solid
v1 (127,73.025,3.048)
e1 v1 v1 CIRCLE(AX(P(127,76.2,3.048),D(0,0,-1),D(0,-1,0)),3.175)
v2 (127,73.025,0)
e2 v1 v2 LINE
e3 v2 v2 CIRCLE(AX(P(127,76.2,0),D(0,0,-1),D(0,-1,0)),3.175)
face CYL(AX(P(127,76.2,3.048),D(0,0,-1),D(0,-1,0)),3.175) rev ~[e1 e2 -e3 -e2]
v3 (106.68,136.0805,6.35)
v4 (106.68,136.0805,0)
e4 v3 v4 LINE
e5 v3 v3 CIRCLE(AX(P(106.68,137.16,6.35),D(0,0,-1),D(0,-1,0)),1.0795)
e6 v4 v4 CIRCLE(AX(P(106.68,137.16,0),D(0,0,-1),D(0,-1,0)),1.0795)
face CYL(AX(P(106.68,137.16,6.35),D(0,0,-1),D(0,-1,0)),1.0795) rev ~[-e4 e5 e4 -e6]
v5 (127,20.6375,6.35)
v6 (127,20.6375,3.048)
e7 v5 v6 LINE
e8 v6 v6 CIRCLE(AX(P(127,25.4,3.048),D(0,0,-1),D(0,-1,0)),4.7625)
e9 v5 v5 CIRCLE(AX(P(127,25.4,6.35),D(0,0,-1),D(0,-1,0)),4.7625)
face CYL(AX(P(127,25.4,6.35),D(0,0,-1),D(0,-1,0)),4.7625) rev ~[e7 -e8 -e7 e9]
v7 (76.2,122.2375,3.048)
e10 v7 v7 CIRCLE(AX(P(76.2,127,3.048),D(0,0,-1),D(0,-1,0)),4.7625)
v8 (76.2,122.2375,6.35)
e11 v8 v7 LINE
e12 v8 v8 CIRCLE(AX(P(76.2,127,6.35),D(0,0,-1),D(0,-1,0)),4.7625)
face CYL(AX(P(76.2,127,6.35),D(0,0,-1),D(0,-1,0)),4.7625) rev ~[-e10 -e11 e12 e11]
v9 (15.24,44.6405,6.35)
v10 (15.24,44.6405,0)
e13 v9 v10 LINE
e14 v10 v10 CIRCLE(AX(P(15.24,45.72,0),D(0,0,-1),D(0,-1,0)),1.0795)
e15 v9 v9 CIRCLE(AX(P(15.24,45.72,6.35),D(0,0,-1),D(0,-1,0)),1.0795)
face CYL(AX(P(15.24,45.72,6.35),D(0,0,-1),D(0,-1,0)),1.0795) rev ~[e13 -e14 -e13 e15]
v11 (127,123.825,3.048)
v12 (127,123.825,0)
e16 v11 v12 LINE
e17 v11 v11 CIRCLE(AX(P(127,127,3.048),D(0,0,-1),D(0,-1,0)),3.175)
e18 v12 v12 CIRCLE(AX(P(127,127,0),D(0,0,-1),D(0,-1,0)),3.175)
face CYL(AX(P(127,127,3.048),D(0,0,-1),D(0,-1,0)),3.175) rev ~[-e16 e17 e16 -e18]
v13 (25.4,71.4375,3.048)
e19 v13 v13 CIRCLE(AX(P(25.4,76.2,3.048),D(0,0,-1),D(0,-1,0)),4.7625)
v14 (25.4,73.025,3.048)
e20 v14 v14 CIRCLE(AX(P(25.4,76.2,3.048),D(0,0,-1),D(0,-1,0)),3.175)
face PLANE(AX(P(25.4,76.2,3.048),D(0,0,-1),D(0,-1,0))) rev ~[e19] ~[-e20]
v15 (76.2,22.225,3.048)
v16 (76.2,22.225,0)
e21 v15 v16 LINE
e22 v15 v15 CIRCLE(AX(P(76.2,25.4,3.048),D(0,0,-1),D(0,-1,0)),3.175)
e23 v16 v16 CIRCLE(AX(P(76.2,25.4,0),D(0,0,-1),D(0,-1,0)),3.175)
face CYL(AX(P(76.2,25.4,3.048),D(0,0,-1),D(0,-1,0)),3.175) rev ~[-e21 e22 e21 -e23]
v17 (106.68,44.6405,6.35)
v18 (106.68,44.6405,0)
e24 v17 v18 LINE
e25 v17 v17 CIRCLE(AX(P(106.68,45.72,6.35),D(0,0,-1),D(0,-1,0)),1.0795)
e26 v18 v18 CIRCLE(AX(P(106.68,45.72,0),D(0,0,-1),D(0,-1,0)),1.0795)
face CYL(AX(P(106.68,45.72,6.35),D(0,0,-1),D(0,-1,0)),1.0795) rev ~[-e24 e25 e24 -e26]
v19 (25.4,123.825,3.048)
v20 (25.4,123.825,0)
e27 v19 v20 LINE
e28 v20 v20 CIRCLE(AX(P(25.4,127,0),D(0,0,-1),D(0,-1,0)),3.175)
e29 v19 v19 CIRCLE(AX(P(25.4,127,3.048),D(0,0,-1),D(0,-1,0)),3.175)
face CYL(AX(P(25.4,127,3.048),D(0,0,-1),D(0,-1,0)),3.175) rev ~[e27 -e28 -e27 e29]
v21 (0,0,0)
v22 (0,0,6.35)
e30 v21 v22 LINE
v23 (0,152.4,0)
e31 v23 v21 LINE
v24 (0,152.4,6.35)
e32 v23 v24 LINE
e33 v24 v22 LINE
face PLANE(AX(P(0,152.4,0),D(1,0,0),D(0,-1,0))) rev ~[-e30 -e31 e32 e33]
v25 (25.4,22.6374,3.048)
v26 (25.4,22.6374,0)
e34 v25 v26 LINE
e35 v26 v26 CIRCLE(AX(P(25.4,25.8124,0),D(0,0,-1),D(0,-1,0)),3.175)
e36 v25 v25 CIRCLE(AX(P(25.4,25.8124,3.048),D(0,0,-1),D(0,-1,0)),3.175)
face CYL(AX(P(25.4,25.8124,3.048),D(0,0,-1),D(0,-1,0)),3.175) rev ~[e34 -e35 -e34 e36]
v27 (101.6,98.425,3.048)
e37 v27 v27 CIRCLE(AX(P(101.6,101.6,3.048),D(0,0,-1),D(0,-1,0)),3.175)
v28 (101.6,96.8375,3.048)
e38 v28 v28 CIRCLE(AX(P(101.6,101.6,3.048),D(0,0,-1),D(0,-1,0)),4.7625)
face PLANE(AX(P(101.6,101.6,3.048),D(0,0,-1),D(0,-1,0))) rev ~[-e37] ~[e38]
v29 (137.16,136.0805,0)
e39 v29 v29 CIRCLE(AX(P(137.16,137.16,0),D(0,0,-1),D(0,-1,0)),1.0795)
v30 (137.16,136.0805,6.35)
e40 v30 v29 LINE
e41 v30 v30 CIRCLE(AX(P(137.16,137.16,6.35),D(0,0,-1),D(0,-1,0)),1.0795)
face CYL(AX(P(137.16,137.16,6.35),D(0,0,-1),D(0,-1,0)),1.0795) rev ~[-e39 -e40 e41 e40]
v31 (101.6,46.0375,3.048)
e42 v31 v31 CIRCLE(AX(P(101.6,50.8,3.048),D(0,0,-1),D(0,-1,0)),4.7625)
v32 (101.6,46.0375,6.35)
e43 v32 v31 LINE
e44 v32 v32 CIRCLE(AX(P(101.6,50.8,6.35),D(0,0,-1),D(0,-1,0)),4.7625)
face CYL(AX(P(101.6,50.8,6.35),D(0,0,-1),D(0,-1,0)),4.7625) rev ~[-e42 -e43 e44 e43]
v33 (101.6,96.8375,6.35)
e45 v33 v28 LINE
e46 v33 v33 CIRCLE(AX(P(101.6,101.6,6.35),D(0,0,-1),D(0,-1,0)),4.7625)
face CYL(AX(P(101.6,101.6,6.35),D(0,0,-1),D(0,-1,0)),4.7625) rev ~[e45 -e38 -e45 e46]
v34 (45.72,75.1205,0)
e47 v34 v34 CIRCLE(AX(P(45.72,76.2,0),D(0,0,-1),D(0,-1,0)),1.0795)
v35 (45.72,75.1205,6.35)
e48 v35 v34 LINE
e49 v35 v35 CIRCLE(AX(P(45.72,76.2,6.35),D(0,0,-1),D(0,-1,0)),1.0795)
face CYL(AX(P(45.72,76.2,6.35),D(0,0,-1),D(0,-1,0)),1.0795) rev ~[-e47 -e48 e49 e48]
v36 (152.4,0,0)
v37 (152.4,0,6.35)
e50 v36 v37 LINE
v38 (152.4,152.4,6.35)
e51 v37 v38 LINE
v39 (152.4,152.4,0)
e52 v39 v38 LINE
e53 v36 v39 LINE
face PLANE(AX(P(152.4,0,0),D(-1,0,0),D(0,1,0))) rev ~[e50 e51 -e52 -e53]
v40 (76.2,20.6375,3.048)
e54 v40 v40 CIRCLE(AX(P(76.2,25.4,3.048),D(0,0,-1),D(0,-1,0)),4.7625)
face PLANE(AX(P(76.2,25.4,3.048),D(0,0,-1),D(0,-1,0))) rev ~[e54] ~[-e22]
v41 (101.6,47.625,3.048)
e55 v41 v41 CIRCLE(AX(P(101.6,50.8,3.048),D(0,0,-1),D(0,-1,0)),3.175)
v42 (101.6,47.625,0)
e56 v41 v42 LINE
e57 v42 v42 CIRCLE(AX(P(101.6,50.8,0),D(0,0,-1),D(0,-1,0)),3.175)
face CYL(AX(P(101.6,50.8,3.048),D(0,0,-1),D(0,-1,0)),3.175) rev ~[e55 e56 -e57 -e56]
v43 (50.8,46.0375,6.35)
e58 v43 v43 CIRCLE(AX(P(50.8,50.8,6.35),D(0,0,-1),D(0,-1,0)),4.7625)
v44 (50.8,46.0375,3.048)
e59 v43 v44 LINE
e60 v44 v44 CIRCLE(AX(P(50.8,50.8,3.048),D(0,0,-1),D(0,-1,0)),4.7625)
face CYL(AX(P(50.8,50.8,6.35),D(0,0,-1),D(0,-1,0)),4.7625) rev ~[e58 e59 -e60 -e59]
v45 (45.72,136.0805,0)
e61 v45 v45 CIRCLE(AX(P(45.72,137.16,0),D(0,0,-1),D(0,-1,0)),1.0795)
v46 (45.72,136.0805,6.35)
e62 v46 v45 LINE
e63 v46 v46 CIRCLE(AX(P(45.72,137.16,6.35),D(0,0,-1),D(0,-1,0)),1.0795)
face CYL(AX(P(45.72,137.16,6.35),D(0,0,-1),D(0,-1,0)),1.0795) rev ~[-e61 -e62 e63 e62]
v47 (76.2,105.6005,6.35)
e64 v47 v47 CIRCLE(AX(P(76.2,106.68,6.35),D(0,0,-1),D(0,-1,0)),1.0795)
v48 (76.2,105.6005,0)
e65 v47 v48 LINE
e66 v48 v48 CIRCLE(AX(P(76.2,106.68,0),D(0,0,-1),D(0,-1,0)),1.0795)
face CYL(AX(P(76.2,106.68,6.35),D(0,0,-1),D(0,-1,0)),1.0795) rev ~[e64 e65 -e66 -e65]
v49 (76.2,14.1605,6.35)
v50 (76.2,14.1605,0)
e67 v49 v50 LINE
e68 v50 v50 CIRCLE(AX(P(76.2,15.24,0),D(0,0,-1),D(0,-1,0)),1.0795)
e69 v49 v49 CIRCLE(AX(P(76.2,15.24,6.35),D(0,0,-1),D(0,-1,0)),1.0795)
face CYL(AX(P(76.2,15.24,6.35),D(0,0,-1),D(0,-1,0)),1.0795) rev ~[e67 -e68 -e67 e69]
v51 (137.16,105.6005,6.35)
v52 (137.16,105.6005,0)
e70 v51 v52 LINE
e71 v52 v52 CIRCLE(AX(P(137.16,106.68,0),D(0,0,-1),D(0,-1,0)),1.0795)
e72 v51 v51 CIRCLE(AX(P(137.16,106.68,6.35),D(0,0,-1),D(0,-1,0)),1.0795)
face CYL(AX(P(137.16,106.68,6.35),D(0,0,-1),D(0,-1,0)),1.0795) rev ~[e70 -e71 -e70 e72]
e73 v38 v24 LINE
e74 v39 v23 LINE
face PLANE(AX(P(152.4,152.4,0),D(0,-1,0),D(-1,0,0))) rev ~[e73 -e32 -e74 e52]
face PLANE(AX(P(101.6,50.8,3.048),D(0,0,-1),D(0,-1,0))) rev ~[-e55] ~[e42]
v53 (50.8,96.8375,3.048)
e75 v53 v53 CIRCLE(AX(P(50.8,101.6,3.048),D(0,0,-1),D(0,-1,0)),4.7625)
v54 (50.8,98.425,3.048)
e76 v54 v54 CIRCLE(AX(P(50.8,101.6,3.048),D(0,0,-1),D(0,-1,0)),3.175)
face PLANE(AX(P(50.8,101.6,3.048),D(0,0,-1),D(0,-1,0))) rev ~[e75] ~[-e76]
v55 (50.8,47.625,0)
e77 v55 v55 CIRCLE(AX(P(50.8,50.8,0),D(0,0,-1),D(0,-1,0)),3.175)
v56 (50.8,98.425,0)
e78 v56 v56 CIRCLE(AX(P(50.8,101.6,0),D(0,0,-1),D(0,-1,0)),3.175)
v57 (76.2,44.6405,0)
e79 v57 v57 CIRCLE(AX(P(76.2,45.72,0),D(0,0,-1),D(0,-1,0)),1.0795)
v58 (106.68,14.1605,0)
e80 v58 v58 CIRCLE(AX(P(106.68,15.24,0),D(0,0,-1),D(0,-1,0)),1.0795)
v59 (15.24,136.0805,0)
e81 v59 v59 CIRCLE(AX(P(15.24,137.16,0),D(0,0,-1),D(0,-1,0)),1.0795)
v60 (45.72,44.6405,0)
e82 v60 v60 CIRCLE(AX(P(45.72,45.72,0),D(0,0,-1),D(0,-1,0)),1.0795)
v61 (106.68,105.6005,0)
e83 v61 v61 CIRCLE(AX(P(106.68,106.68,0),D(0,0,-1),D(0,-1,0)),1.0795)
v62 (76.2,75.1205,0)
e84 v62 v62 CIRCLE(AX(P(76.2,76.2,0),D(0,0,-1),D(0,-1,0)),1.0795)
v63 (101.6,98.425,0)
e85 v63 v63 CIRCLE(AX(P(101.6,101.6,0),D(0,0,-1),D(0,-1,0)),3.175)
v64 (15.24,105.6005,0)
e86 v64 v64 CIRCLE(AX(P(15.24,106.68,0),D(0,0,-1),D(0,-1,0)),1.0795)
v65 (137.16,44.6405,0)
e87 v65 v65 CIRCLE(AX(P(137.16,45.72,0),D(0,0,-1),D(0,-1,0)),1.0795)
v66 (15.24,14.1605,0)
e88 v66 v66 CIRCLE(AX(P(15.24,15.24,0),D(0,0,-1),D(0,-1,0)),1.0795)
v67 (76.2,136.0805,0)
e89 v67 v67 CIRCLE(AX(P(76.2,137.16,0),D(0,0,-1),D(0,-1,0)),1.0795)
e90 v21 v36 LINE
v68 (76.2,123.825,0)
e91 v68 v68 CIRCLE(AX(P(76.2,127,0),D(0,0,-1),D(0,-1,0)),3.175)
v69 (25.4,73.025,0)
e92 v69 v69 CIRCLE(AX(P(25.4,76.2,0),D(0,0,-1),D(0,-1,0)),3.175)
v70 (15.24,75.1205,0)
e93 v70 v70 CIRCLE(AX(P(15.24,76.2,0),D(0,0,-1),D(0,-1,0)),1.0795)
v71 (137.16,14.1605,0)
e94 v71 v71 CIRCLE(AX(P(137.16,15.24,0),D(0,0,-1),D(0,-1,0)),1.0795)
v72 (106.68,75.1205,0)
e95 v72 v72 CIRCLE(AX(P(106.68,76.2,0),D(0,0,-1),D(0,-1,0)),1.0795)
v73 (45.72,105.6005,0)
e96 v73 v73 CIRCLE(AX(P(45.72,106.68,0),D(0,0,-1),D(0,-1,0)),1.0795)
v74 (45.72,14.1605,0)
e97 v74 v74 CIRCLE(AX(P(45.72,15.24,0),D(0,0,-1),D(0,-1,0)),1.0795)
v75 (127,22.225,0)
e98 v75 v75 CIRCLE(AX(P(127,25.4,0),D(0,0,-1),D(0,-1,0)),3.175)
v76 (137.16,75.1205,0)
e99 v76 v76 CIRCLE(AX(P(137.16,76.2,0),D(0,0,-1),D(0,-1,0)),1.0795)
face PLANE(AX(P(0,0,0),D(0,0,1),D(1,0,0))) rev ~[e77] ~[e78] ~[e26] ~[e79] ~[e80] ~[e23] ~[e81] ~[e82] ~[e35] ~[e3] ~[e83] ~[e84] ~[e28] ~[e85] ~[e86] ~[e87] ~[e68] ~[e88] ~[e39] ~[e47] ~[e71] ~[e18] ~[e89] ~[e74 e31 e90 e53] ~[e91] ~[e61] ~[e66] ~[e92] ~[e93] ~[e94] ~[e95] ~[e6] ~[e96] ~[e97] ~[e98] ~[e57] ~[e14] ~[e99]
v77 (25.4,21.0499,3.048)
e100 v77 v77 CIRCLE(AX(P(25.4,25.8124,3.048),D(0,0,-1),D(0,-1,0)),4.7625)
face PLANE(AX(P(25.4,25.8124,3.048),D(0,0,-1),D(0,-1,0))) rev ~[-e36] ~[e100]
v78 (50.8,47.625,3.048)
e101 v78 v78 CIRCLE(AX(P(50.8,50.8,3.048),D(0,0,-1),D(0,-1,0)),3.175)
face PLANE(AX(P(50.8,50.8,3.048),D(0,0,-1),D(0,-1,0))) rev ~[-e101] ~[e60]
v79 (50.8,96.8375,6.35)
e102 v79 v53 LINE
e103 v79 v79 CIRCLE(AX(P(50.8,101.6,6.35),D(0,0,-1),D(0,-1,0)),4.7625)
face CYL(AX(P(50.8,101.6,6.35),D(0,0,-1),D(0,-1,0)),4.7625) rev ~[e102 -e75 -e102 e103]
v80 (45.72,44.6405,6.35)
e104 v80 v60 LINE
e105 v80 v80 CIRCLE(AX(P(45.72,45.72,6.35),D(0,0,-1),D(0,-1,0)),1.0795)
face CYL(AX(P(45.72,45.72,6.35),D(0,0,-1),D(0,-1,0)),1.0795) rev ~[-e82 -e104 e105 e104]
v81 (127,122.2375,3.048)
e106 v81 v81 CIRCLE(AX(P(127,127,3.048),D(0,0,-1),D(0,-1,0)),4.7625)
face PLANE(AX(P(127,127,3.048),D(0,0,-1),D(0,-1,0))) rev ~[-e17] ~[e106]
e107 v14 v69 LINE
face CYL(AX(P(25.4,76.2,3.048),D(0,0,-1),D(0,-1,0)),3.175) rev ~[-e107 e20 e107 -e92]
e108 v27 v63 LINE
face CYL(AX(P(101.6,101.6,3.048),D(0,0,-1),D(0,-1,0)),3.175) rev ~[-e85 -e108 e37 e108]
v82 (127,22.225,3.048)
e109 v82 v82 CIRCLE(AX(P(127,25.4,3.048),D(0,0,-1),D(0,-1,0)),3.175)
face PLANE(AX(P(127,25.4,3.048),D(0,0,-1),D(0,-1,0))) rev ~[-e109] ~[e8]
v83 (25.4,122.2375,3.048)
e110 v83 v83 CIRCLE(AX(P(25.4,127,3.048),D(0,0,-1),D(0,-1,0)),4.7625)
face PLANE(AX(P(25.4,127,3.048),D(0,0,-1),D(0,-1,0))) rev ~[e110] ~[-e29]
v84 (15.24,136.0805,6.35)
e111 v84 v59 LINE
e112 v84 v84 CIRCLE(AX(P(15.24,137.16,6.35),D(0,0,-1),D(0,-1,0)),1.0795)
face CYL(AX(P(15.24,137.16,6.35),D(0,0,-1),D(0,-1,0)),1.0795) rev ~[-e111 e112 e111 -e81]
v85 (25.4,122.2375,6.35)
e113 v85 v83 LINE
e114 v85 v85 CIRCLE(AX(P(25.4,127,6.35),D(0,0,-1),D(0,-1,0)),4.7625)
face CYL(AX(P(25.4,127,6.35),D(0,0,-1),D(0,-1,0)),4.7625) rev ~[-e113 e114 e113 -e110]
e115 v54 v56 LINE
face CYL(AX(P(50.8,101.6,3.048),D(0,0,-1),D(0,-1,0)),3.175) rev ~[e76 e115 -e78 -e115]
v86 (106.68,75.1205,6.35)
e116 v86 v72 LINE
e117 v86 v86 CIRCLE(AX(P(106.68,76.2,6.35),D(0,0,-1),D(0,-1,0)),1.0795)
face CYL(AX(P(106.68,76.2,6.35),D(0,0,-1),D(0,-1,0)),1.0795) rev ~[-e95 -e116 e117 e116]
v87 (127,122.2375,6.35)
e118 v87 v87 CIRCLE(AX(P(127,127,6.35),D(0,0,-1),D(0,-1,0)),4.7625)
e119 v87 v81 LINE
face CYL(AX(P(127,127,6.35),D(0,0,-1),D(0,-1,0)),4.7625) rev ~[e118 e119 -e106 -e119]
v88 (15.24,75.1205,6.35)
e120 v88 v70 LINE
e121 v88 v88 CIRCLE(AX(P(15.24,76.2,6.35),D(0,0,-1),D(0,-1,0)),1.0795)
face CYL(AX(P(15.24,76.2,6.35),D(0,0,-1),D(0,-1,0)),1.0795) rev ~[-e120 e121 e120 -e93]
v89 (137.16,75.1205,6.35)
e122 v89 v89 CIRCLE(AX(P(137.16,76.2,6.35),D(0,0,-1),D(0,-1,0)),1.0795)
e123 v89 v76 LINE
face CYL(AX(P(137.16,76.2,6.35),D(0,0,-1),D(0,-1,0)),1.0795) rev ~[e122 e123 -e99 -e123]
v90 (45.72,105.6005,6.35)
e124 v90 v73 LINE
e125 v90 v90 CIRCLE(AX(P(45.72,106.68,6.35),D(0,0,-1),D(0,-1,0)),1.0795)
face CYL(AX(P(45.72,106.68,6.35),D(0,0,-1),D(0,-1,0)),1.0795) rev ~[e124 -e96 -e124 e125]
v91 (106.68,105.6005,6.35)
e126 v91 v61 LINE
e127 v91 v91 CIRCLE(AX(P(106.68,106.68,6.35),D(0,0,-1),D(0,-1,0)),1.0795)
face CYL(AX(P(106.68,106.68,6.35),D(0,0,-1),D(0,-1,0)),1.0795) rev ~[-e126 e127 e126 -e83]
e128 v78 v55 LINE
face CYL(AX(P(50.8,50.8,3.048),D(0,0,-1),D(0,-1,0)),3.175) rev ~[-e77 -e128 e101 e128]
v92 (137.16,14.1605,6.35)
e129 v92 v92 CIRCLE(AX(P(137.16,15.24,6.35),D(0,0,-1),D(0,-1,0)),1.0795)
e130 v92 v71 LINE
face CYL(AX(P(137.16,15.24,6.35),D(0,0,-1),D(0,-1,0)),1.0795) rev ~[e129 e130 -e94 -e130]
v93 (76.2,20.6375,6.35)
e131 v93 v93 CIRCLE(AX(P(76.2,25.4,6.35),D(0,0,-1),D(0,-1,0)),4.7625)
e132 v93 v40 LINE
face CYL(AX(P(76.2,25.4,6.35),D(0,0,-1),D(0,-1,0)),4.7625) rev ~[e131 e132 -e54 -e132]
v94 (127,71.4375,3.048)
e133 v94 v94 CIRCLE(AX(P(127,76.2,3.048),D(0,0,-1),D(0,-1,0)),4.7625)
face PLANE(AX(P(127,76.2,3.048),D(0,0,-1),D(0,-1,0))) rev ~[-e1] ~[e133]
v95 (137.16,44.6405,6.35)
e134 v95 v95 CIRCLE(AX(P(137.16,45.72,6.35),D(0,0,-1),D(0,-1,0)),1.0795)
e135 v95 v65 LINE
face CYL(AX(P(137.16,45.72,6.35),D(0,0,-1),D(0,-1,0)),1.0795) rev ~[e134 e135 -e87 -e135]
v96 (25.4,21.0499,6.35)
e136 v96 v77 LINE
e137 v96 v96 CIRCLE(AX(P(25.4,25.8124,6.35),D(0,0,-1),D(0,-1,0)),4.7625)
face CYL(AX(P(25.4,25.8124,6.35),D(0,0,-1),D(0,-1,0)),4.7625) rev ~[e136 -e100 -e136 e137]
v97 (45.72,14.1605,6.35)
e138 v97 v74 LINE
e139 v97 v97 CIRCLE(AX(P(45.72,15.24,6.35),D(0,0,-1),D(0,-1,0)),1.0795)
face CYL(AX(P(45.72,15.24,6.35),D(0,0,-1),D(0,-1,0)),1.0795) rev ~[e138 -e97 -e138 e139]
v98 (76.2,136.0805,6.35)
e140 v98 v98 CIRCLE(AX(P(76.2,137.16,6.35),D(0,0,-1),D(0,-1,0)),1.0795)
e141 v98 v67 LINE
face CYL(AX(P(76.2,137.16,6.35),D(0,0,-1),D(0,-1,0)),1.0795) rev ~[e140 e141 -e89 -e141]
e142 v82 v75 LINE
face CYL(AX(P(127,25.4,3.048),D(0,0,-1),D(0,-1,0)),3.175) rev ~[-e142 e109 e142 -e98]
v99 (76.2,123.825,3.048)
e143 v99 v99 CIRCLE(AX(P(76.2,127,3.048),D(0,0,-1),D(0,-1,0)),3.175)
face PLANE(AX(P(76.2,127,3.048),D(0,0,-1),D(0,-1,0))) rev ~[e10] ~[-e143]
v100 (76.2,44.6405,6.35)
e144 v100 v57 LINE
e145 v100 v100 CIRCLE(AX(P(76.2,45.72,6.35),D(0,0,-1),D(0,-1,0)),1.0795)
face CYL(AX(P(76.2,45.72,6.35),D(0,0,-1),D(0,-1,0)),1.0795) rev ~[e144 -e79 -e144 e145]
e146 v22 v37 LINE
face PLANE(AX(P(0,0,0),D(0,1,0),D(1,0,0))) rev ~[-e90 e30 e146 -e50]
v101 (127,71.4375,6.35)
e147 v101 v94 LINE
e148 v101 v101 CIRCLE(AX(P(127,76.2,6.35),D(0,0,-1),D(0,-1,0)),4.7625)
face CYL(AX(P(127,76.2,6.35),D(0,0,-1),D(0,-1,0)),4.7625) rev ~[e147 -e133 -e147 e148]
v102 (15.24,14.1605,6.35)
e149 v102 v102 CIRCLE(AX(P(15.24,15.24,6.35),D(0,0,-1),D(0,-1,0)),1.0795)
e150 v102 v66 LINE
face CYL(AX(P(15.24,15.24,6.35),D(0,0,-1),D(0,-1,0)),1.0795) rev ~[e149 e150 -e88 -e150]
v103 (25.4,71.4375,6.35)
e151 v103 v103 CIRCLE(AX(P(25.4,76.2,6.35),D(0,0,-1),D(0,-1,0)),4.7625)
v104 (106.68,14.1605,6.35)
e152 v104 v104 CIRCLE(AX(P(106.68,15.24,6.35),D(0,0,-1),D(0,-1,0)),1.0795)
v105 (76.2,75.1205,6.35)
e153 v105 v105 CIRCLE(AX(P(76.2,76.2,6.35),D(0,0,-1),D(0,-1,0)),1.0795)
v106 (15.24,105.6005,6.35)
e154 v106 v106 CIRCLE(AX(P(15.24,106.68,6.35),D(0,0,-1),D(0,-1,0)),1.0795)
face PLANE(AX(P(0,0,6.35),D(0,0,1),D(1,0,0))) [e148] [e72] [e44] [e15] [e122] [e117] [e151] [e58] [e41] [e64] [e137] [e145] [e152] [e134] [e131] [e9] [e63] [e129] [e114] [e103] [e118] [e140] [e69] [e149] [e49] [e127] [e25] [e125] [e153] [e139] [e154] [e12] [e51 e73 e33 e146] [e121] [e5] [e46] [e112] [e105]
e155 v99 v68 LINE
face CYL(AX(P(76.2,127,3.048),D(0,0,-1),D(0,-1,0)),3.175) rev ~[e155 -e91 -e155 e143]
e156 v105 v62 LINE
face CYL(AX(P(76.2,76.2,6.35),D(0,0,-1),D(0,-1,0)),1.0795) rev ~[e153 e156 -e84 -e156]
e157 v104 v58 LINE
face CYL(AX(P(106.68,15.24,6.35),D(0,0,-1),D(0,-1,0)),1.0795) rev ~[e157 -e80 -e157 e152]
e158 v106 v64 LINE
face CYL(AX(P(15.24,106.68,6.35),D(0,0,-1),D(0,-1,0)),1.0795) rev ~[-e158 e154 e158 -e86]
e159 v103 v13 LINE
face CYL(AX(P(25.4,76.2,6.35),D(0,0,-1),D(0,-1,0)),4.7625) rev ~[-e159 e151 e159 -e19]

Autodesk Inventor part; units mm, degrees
ref_plane "YZ Plane" through (0, 0, 0) normal (1, 0, 0) x (0, 1, 0)
ref_plane "XZ Plane" through (0, 0, 0) normal (0, 1, 0) x (-1, 0, 0)
ref_plane "XY Plane" through (0, 0, 0) normal (0, 0, 1) x (1, 0, 0)
sketch "Sketch1" plane through (0, 0, 0) normal (0, 0, 1) x (1, 0, 0)
  line L0 (0, 0) -> (152.4, 0)
  line L1 (152.4, 0) -> (152.4, 152.4)
  line L2 (152.4, 152.4) -> (0, 152.4)
  line L3 (0, 152.4) -> (0, 0)
  dimension "d0" = 152.4
  dimension "d1" = 152.4
extrude "Extrusion1" add sketch "Sketch1" along normal blind 6.35
sketch "Sketch2" plane through (0, 0, 6.35) normal (0, 0, 1) x (1, 0, 0)
  point P0 (0, 0)
  point P1 (15.24, 15.24)
  point P2 (45.72, 15.24)
  point P3 (76.2, 15.24)
  point P4 (106.68, 15.24)
  point P5 (137.16, 15.24)
  point P6 (15.24, 45.72)
  point P7 (45.72, 45.72)
  point P8 (76.2, 45.72)
  point P9 (106.68, 45.72)
  point P10 (137.16, 45.72)
  point P11 (137.16, 76.2)
  point P12 (106.68, 76.2)
  point P13 (76.2, 76.2)
  point P14 (45.72, 76.2)
  point P15 (15.24, 76.2)
  point P16 (15.24, 106.68)
  point P17 (45.72, 106.68)
  point P18 (76.2, 106.68)
  point P19 (106.68, 106.68)
  point P20 (137.16, 106.68)
  point P21 (137.16, 137.16)
  point P22 (106.68, 137.16)
  point P23 (76.2, 137.16)
  point P24 (45.72, 137.16)
  point P25 (15.24, 137.16)
hole "Hole1" at (15.24, 15.24, 6.35) at (45.72, 15.24, 6.35) at (76.2, 15.24, 6.35) at (106.68, 15.24, 6.35) at (137.16, 15.24, 6.35) at (15.24, 45.72, 6.35) at (45.72, 45.72, 6.35) at (76.2, 45.72, 6.35) at (106.68, 45.72, 6.35) at (137.16, 45.72, 6.35) at (137.16, 76.2, 6.35) at (106.68, 76.2, 6.35) at (76.2, 76.2, 6.35) at (45.72, 76.2, 6.35) at (15.24, 76.2, 6.35) at (15.24, 106.68, 6.35) at (45.72, 106.68, 6.35) at (76.2, 106.68, 6.35) at (106.68, 106.68, 6.35) at (137.16, 106.68, 6.35) at (137.16, 137.16, 6.35) at (106.68, 137.16, 6.35) at (76.2, 137.16, 6.35) at (45.72, 137.16, 6.35) at (15.24, 137.16, 6.35) direction (0, 0, -1) diameter 2.159 end through all
sketch "Sketch3" plane through (0, 0, 6.35) normal (0, 0, 1) x (1, 0, 0)
  line L0 (0, 0) -> (152.4, 0) projected
  line L1 (0, 152.4) -> (0, 0) projected
  point P0 (76.2, 25.4)
  point P1 (127, 25.4)
  point P2 (127, 127)
  point P3 (25.4, 25.8124)
  point P4 (50.8, 50.8)
  point P5 (127, 76.2)
  point P6 (101.6, 50.8)
  point P7 (50.8, 101.6)
  point P8 (25.4, 76.2)
  point P9 (25.4, 127)
  point P10 (76.2, 127)
  point P11 (101.6, 101.6)
  dimension "d19" = 25.4
  dimension "d21" = 25.4
  dimension "d23" = 25.4
  dimension "d25" = 76.2
  dimension "d27" = 127
  dimension "d28" = 76.2
  dimension "d30" = 127
  dimension "d33" = 50.8
  dimension "d38" = 50.8
  dimension "d40" = 101.6
  dimension "d42" = 50.8
  dimension "d43" = 50.8
  dimension "d46" = 25.4
  dimension "d48" = 25.4
  dimension "d55" = 50.8
  dimension "d56" = 101.6
hole "Hole2" at (76.2, 25.4, 6.35) at (127, 25.4, 6.35) at (127, 127, 6.35) at (25.4, 25.8124, 6.35) at (50.8, 50.8, 6.35) at (127, 76.2, 6.35) at (101.6, 50.8, 6.35) at (50.8, 101.6, 6.35) at (25.4, 76.2, 6.35) at (25.4, 127, 6.35) at (76.2, 127, 6.35) at (101.6, 101.6, 6.35) direction (0, 0, -1) diameter 6.35 end through all counterbore diameter 9.525 counterbore depth 3.302
ref_plane "Work Plane1" through (0, 76.2, 0) normal (0, 1, 0) x (1, 0, 0)
ref_plane "Work Plane2" through (76.2, 0, 0) normal (1, 0, 0) x (0, 0, -1)
properties part number "J010183" material "ALUMINUM, 6061-T651"
